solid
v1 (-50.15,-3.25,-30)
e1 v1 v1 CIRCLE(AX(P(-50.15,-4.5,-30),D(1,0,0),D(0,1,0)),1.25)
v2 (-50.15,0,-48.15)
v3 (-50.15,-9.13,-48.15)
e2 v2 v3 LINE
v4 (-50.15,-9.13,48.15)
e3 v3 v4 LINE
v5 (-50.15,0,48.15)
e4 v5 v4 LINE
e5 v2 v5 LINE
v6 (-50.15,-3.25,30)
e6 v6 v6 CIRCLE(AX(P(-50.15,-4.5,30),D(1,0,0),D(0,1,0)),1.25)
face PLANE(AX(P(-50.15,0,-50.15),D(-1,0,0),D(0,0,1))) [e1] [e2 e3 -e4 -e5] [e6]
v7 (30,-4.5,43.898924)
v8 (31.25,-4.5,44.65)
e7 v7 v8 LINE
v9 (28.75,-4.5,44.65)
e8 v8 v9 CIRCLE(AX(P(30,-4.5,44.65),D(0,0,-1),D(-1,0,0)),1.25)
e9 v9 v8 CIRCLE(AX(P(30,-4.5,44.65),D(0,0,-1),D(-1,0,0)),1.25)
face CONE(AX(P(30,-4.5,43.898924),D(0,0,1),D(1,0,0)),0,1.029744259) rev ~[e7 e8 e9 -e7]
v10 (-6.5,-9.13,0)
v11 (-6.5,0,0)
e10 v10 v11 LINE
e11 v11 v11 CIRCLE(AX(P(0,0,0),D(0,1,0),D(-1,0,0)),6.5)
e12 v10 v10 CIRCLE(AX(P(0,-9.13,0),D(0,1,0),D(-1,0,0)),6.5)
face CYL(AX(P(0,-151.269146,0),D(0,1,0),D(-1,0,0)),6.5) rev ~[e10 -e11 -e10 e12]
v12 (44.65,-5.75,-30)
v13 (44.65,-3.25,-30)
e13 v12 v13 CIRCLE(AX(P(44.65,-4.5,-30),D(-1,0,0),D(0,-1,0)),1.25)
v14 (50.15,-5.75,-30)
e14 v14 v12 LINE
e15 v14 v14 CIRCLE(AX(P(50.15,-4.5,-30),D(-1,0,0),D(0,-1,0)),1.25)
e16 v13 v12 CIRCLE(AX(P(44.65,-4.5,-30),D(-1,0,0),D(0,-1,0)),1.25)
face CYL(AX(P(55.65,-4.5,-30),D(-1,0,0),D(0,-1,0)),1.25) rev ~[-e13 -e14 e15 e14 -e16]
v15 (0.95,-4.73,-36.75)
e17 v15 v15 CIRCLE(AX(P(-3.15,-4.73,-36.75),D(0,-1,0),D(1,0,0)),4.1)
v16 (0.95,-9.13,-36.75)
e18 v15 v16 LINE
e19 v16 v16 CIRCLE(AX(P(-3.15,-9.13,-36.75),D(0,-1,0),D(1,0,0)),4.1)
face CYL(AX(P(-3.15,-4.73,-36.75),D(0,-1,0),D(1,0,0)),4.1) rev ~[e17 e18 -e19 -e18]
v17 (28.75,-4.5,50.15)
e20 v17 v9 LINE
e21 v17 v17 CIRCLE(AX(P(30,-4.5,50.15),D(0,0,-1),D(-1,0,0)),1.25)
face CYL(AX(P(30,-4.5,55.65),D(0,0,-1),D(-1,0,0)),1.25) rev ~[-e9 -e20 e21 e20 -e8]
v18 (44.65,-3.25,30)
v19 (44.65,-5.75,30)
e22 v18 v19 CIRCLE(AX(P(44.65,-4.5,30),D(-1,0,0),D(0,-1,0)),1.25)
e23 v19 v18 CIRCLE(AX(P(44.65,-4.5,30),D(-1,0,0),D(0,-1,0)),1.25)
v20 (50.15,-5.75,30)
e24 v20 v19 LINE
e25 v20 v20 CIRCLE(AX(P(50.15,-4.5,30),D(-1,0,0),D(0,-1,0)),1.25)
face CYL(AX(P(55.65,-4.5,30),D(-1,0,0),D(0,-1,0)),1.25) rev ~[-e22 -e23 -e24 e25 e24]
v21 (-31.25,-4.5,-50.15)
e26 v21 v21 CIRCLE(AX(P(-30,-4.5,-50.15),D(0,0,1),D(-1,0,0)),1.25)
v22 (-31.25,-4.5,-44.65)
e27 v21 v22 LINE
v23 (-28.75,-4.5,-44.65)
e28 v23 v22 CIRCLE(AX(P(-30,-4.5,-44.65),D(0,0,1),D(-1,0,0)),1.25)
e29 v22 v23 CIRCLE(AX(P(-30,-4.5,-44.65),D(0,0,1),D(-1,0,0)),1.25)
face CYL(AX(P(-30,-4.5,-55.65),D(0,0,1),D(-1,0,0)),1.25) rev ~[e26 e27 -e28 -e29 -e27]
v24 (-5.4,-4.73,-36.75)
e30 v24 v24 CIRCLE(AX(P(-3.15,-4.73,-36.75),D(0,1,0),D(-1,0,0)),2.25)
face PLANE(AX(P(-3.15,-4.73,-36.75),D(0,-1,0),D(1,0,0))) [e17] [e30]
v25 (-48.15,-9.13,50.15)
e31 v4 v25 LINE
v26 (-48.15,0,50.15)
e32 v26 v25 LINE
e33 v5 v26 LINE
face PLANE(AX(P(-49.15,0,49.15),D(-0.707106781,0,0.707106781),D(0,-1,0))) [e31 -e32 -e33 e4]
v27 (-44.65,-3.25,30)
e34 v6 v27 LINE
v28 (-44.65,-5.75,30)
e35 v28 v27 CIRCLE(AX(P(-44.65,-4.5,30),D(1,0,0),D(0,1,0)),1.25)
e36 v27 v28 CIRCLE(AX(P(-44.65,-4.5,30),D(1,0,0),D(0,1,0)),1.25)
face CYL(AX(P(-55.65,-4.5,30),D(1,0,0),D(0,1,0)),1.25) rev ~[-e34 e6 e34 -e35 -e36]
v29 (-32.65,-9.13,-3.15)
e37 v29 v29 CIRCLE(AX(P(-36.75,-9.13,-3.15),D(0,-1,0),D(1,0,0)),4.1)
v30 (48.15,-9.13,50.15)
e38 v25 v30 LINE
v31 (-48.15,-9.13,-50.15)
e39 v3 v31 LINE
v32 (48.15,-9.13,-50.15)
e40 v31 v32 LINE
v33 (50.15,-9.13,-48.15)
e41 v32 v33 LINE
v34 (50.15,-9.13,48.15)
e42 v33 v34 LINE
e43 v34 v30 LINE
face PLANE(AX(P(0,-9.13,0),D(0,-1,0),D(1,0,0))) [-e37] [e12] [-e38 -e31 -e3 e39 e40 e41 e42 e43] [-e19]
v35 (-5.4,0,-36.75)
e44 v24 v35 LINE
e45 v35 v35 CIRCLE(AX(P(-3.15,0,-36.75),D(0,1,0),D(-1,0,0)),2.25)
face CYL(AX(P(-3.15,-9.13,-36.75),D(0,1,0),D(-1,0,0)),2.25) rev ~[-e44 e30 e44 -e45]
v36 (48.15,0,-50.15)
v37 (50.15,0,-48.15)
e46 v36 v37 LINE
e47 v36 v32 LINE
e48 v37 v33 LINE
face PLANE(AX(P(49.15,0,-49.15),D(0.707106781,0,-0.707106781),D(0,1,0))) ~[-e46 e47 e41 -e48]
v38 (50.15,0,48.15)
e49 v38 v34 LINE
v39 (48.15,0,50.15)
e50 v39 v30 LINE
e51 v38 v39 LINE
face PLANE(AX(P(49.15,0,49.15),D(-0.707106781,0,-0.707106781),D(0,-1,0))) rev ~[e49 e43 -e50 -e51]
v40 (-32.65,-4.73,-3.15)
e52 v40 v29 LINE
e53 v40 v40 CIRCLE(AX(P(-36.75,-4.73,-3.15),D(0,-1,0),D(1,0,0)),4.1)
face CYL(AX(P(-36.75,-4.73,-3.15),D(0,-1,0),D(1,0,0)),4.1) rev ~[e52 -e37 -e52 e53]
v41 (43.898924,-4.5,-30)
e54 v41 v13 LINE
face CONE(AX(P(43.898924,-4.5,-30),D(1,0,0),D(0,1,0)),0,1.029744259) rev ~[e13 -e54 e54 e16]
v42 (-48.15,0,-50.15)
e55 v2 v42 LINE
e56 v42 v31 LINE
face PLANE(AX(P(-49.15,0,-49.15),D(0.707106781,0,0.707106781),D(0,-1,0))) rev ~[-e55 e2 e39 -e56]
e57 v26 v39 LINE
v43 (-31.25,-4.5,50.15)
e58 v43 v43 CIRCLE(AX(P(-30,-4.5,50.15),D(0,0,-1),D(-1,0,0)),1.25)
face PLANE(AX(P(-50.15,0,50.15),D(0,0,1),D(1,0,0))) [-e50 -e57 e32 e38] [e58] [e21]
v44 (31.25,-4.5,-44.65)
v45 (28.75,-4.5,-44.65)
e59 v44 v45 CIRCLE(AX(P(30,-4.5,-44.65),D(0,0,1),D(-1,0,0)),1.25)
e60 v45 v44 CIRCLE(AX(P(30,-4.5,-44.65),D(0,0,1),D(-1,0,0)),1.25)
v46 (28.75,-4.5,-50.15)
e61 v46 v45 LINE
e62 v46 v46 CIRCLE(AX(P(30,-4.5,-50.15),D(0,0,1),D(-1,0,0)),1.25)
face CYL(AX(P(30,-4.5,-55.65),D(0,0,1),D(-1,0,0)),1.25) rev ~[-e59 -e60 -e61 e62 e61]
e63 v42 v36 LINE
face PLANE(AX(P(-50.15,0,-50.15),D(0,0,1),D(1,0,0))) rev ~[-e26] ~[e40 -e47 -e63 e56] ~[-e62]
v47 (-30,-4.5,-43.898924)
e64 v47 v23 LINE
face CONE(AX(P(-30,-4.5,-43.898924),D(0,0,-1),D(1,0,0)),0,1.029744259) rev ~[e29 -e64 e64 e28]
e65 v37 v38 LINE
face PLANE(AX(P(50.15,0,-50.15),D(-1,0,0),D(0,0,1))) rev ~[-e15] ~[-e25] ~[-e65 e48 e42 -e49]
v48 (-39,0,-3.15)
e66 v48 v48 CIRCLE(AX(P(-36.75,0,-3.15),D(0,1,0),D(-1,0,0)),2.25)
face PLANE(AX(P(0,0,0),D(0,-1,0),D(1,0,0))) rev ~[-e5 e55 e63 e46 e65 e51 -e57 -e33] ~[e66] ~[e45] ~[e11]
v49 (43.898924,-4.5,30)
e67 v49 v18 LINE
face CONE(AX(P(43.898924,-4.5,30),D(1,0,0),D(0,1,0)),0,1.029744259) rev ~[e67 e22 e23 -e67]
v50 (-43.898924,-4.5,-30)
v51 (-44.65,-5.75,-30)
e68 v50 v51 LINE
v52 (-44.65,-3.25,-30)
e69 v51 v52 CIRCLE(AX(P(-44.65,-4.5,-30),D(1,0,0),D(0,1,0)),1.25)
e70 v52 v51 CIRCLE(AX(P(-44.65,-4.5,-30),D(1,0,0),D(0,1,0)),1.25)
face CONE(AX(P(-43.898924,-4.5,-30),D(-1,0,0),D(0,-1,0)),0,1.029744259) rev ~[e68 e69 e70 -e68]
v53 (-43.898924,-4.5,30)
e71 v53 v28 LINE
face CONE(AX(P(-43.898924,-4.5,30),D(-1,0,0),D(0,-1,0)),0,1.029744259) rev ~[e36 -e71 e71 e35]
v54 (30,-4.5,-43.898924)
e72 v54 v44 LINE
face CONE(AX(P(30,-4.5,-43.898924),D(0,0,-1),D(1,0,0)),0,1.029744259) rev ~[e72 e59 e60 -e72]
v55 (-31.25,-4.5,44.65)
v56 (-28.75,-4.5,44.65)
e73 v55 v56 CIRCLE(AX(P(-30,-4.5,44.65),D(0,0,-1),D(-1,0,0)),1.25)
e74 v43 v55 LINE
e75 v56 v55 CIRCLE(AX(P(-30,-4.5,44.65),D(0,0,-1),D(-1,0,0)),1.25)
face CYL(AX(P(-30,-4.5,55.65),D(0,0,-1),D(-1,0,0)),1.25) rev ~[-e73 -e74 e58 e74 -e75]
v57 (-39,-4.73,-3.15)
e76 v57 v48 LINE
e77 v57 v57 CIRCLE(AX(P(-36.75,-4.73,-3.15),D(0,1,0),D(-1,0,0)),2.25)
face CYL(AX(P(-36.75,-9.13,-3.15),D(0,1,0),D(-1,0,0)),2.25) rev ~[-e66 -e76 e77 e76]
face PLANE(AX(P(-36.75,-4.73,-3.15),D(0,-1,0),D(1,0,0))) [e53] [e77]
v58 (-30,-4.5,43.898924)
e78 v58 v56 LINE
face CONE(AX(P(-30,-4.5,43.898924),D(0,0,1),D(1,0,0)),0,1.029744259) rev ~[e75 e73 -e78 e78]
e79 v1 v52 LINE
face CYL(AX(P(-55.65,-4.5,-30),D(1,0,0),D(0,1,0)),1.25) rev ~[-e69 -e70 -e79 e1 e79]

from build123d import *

# Parameters (mm, degrees)
F0_W            = 100.3
F0_H            = 100.3
F1_DEPTH        = 9.13
F2_SIZE         = 2
F4_D            = 4.5
F4_CBORE_D      = 8.2
F4_CBORE_DEPTH  = 4.4
F5_D            = 13
F10_D           = 2.5
F10_DEPTH       = 5.5
F10_TIP         = 0.7510757738
F10_ON_F7_D     = 2.5
F10_ON_F7_DEPTH = 5.5
F10_ON_F7_TIP   = 0.7510757738
F10_ON_F6_D     = 2.5
F10_ON_F6_DEPTH = 5.5
F10_ON_F6_TIP   = 0.7510757738
F10_ON_F9_D     = 2.5
F10_ON_F9_DEPTH = 5.5
F10_ON_F9_TIP   = 0.7510757738


with BuildPart() as f1:
    # F0 (on Front) → F1 (new body)
    with BuildSketch(Plane.XZ):
        Rectangle(F0_W, F0_H)
    extrude(amount=F1_DEPTH)

    # F2
    f2_edges = [f1.edges().sort_by_distance(p)[0] for p in [
        (-50.15, -4.565, -50.15),
        (50.15, -4.565, -50.15),
        (50.15, -4.565, 50.15),
        (-50.15, -4.565, 50.15),
    ]]
    chamfer(f2_edges, length=F2_SIZE)

    # F4 (through all)
    with Locations(Plane.XZ.offset(9.13)):
        with Locations((-36.75, -3.15), (-3.15, -36.75)):
            CounterBoreHole(F4_D / 2, F4_CBORE_D / 2, F4_CBORE_DEPTH)

    # F5 (through all)
    with Locations(Plane.XZ.offset(9.13)):
        with Locations((0, 0)):
            Hole(F5_D / 2)

    # F10
    with Locations(Plane(origin=(-50.15, 0, 0), x_dir=(0, -1, 0), z_dir=(-1, 0, 0))):
        with Locations((4.5, -30), (4.5, 30)):
            Hole(F10_D / 2, depth=F10_DEPTH)
            with Locations((0, 0, -(F10_DEPTH + F10_TIP / 2))):  # 118° drill point
                Cone(0, F10_D / 2, F10_TIP, mode=Mode.SUBTRACT)

    # F10 on F7
    with Locations(Plane.XY.offset(50.15)):
        with Locations((-30, -4.5), (30, -4.5)):
            Hole(F10_ON_F7_D / 2, depth=F10_ON_F7_DEPTH)
            with Locations((0, 0, -(F10_ON_F7_DEPTH + F10_ON_F7_TIP / 2))):  # 118° drill point
                Cone(0, F10_ON_F7_D / 2, F10_ON_F7_TIP, mode=Mode.SUBTRACT)

    # F10 on F6
    with Locations(Plane.YZ.offset(50.15)):
        with Locations((-4.5, -30), (-4.5, 30)):
            Hole(F10_ON_F6_D / 2, depth=F10_ON_F6_DEPTH)
            with Locations((0, 0, -(F10_ON_F6_DEPTH + F10_ON_F6_TIP / 2))):  # 118° drill point
                Cone(0, F10_ON_F6_D / 2, F10_ON_F6_TIP, mode=Mode.SUBTRACT)

    # F10 on F9
    with Locations(Plane(origin=(0, 0, -50.15), x_dir=(1, 0, 0), z_dir=(0, 0, -1))):
        with Locations((30, 4.5), (-30, 4.5)):
            Hole(F10_ON_F9_D / 2, depth=F10_ON_F9_DEPTH)
            with Locations((0, 0, -(F10_ON_F9_DEPTH + F10_ON_F9_TIP / 2))):  # 118° drill point
                Cone(0, F10_ON_F9_D / 2, F10_ON_F9_TIP, mode=Mode.SUBTRACT)


solid = f1.part
